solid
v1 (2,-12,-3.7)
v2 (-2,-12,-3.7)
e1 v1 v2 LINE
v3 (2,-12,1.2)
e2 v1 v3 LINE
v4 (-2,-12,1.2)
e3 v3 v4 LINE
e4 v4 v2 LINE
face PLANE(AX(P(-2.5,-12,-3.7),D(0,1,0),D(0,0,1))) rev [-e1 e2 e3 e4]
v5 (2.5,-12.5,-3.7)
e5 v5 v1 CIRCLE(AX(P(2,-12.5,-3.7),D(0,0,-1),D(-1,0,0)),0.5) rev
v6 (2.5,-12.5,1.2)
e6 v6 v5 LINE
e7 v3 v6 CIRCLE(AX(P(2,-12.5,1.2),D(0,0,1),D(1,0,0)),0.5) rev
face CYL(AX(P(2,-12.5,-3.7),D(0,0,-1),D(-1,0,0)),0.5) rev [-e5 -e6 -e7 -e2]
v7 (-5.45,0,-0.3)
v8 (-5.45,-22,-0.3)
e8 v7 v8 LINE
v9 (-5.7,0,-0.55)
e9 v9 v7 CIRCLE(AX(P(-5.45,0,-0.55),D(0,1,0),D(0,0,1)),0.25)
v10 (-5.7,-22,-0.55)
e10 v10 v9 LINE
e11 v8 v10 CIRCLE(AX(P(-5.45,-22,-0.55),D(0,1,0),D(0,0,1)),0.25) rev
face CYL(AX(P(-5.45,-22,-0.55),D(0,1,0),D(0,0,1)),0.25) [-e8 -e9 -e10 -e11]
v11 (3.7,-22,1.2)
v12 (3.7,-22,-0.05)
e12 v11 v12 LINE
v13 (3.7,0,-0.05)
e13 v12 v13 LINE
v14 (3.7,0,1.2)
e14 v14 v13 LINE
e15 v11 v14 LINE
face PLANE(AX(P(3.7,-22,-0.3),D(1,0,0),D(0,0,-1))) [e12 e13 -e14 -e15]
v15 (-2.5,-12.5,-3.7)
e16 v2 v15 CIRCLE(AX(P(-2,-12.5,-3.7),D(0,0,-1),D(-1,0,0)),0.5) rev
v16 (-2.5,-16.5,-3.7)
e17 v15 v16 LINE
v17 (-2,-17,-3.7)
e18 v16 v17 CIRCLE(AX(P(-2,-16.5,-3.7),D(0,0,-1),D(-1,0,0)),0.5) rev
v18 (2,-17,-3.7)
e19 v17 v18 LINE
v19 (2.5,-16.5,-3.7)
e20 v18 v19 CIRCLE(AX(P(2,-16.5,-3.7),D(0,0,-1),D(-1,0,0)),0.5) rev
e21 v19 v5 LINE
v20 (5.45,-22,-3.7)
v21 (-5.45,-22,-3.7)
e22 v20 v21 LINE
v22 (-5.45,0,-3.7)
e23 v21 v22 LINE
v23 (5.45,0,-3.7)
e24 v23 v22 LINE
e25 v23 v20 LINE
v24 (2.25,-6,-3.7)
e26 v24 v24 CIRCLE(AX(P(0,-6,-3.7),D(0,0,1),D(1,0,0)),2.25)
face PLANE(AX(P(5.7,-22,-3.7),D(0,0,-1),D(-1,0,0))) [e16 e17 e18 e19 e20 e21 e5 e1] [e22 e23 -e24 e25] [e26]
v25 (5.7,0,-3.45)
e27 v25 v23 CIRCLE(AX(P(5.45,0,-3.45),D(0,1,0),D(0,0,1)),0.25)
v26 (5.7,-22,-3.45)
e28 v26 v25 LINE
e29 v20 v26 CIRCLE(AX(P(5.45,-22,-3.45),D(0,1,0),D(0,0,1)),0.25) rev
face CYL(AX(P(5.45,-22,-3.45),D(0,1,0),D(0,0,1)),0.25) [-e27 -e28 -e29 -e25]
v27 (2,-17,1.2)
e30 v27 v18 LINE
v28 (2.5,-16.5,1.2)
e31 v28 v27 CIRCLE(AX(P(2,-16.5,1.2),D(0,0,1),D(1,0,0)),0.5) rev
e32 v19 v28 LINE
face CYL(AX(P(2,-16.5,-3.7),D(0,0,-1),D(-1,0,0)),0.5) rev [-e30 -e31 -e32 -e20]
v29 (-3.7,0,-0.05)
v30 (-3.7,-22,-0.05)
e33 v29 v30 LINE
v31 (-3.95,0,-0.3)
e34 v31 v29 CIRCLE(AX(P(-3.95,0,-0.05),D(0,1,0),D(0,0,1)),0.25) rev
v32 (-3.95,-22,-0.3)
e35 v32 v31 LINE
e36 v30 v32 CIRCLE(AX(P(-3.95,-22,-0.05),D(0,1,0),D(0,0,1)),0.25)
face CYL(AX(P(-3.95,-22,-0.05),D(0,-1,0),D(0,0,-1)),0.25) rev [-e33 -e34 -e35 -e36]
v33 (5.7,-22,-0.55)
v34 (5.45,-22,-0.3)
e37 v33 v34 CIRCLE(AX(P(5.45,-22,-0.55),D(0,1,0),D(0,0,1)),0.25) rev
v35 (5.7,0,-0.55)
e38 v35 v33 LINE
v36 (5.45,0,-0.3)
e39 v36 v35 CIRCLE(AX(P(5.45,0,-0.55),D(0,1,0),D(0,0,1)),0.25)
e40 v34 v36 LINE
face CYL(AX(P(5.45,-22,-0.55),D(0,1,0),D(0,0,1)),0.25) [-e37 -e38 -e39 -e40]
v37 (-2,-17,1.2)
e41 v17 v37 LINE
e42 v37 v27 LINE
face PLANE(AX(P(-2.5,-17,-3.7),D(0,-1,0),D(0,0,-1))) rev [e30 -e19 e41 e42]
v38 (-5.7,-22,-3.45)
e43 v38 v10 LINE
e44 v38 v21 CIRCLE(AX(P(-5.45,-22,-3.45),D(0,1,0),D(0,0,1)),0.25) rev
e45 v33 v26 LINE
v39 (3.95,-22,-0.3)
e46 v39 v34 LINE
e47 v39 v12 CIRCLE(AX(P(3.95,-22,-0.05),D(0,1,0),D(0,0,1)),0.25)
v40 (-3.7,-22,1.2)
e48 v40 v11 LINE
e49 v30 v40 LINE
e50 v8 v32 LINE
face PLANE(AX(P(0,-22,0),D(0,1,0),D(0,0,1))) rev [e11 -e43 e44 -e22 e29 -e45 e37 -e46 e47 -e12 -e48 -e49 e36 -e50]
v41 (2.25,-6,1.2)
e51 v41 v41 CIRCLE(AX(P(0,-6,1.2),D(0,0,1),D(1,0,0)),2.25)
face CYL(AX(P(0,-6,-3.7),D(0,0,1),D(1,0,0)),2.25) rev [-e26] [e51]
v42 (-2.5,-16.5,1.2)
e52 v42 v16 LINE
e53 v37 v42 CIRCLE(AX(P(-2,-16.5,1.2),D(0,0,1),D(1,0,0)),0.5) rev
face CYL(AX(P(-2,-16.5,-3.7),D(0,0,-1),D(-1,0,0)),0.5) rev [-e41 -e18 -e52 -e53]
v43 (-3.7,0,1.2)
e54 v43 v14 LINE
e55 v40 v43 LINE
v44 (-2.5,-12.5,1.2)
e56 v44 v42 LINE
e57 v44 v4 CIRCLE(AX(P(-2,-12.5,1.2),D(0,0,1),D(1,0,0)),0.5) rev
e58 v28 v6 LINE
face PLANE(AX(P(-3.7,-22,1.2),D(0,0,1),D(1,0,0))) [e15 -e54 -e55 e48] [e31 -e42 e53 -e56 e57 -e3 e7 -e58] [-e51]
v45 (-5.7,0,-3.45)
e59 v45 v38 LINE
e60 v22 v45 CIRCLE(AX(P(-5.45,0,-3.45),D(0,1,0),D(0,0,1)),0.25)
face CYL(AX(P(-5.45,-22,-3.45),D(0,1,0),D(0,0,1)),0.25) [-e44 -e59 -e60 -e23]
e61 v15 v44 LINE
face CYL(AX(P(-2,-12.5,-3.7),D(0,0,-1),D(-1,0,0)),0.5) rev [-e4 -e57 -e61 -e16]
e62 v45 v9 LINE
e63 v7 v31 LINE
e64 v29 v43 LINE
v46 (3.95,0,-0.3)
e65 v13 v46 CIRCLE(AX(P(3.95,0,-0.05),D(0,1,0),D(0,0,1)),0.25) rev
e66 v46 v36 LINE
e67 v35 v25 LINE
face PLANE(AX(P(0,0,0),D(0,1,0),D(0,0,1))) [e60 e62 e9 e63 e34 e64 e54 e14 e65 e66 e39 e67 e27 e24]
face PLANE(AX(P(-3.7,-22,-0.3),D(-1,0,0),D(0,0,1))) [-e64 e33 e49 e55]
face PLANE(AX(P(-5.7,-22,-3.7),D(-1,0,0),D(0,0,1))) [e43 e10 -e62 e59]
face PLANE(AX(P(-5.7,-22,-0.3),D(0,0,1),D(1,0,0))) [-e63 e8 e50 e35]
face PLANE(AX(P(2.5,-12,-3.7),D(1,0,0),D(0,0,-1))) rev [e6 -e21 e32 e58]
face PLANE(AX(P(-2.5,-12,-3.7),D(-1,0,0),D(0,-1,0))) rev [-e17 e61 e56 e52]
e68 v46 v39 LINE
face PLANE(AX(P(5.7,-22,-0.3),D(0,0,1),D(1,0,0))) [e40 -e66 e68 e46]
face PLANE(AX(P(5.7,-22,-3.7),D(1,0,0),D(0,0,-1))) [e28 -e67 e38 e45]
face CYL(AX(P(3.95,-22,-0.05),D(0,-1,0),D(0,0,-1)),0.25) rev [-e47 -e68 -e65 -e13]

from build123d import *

# Parameters (mm, degrees)
BOSS_EXTRUDE1_DEPTH = 22
SKETCH2_R           = 2.25
SKETCH2_W           = 5
SKETCH2_H           = 5
CUT_EXTRUDE1_DEPTH  = 24.248655875
FILLET1_R           = 0.25
FILLET2_R           = 0.5


with BuildPart() as part:
    # Sketch1 → Boss-Extrude1 (new body)
    with BuildSketch(Plane(origin=(0, 0, 0), x_dir=(1, 0, 0), z_dir=(0, 1, 0))):
        Polygon((3.7, 0.3), (3.7, -1.2), (-3.7, -1.2), (-3.7, 0.3), (-5.7, 0.3), (-5.7, 3.7), (5.7, 3.7), (5.7, 0.3), align=None)
    extrude(amount=-BOSS_EXTRUDE1_DEPTH)

    # Sketch2 → Cut-Extrude1 (cut, through all)
    with BuildSketch(Plane.XY.offset(1.2)):
        with Locations((0, -6)):
            Circle(SKETCH2_R)
        with Locations((0, -14.5)):
            Rectangle(SKETCH2_W, SKETCH2_H)
    extrude(amount=-CUT_EXTRUDE1_DEPTH, mode=Mode.SUBTRACT)

    # Fillet1
    fillet1_edges = [part.edges().sort_by_distance(p)[0] for p in [
        (3.7, -11, -0.3),
        (-3.7, -11, -0.3),
        (-5.7, -11, -0.3),
        (-5.7, -11, -3.7),
        (5.7, -11, -3.7),
        (5.7, -11, -0.3),
    ]]
    fillet(fillet1_edges, radius=FILLET1_R)

    # Fillet2
    fillet2_edges = [part.edges().sort_by_distance(p)[0] for p in [
        (2.5, -12, -1.25),
        (2.5, -17, -1.25),
        (-2.5, -17, -1.25),
        (-2.5, -12, -1.25),
    ]]
    fillet(fillet2_edges, radius=FILLET2_R)


solid = part.part
